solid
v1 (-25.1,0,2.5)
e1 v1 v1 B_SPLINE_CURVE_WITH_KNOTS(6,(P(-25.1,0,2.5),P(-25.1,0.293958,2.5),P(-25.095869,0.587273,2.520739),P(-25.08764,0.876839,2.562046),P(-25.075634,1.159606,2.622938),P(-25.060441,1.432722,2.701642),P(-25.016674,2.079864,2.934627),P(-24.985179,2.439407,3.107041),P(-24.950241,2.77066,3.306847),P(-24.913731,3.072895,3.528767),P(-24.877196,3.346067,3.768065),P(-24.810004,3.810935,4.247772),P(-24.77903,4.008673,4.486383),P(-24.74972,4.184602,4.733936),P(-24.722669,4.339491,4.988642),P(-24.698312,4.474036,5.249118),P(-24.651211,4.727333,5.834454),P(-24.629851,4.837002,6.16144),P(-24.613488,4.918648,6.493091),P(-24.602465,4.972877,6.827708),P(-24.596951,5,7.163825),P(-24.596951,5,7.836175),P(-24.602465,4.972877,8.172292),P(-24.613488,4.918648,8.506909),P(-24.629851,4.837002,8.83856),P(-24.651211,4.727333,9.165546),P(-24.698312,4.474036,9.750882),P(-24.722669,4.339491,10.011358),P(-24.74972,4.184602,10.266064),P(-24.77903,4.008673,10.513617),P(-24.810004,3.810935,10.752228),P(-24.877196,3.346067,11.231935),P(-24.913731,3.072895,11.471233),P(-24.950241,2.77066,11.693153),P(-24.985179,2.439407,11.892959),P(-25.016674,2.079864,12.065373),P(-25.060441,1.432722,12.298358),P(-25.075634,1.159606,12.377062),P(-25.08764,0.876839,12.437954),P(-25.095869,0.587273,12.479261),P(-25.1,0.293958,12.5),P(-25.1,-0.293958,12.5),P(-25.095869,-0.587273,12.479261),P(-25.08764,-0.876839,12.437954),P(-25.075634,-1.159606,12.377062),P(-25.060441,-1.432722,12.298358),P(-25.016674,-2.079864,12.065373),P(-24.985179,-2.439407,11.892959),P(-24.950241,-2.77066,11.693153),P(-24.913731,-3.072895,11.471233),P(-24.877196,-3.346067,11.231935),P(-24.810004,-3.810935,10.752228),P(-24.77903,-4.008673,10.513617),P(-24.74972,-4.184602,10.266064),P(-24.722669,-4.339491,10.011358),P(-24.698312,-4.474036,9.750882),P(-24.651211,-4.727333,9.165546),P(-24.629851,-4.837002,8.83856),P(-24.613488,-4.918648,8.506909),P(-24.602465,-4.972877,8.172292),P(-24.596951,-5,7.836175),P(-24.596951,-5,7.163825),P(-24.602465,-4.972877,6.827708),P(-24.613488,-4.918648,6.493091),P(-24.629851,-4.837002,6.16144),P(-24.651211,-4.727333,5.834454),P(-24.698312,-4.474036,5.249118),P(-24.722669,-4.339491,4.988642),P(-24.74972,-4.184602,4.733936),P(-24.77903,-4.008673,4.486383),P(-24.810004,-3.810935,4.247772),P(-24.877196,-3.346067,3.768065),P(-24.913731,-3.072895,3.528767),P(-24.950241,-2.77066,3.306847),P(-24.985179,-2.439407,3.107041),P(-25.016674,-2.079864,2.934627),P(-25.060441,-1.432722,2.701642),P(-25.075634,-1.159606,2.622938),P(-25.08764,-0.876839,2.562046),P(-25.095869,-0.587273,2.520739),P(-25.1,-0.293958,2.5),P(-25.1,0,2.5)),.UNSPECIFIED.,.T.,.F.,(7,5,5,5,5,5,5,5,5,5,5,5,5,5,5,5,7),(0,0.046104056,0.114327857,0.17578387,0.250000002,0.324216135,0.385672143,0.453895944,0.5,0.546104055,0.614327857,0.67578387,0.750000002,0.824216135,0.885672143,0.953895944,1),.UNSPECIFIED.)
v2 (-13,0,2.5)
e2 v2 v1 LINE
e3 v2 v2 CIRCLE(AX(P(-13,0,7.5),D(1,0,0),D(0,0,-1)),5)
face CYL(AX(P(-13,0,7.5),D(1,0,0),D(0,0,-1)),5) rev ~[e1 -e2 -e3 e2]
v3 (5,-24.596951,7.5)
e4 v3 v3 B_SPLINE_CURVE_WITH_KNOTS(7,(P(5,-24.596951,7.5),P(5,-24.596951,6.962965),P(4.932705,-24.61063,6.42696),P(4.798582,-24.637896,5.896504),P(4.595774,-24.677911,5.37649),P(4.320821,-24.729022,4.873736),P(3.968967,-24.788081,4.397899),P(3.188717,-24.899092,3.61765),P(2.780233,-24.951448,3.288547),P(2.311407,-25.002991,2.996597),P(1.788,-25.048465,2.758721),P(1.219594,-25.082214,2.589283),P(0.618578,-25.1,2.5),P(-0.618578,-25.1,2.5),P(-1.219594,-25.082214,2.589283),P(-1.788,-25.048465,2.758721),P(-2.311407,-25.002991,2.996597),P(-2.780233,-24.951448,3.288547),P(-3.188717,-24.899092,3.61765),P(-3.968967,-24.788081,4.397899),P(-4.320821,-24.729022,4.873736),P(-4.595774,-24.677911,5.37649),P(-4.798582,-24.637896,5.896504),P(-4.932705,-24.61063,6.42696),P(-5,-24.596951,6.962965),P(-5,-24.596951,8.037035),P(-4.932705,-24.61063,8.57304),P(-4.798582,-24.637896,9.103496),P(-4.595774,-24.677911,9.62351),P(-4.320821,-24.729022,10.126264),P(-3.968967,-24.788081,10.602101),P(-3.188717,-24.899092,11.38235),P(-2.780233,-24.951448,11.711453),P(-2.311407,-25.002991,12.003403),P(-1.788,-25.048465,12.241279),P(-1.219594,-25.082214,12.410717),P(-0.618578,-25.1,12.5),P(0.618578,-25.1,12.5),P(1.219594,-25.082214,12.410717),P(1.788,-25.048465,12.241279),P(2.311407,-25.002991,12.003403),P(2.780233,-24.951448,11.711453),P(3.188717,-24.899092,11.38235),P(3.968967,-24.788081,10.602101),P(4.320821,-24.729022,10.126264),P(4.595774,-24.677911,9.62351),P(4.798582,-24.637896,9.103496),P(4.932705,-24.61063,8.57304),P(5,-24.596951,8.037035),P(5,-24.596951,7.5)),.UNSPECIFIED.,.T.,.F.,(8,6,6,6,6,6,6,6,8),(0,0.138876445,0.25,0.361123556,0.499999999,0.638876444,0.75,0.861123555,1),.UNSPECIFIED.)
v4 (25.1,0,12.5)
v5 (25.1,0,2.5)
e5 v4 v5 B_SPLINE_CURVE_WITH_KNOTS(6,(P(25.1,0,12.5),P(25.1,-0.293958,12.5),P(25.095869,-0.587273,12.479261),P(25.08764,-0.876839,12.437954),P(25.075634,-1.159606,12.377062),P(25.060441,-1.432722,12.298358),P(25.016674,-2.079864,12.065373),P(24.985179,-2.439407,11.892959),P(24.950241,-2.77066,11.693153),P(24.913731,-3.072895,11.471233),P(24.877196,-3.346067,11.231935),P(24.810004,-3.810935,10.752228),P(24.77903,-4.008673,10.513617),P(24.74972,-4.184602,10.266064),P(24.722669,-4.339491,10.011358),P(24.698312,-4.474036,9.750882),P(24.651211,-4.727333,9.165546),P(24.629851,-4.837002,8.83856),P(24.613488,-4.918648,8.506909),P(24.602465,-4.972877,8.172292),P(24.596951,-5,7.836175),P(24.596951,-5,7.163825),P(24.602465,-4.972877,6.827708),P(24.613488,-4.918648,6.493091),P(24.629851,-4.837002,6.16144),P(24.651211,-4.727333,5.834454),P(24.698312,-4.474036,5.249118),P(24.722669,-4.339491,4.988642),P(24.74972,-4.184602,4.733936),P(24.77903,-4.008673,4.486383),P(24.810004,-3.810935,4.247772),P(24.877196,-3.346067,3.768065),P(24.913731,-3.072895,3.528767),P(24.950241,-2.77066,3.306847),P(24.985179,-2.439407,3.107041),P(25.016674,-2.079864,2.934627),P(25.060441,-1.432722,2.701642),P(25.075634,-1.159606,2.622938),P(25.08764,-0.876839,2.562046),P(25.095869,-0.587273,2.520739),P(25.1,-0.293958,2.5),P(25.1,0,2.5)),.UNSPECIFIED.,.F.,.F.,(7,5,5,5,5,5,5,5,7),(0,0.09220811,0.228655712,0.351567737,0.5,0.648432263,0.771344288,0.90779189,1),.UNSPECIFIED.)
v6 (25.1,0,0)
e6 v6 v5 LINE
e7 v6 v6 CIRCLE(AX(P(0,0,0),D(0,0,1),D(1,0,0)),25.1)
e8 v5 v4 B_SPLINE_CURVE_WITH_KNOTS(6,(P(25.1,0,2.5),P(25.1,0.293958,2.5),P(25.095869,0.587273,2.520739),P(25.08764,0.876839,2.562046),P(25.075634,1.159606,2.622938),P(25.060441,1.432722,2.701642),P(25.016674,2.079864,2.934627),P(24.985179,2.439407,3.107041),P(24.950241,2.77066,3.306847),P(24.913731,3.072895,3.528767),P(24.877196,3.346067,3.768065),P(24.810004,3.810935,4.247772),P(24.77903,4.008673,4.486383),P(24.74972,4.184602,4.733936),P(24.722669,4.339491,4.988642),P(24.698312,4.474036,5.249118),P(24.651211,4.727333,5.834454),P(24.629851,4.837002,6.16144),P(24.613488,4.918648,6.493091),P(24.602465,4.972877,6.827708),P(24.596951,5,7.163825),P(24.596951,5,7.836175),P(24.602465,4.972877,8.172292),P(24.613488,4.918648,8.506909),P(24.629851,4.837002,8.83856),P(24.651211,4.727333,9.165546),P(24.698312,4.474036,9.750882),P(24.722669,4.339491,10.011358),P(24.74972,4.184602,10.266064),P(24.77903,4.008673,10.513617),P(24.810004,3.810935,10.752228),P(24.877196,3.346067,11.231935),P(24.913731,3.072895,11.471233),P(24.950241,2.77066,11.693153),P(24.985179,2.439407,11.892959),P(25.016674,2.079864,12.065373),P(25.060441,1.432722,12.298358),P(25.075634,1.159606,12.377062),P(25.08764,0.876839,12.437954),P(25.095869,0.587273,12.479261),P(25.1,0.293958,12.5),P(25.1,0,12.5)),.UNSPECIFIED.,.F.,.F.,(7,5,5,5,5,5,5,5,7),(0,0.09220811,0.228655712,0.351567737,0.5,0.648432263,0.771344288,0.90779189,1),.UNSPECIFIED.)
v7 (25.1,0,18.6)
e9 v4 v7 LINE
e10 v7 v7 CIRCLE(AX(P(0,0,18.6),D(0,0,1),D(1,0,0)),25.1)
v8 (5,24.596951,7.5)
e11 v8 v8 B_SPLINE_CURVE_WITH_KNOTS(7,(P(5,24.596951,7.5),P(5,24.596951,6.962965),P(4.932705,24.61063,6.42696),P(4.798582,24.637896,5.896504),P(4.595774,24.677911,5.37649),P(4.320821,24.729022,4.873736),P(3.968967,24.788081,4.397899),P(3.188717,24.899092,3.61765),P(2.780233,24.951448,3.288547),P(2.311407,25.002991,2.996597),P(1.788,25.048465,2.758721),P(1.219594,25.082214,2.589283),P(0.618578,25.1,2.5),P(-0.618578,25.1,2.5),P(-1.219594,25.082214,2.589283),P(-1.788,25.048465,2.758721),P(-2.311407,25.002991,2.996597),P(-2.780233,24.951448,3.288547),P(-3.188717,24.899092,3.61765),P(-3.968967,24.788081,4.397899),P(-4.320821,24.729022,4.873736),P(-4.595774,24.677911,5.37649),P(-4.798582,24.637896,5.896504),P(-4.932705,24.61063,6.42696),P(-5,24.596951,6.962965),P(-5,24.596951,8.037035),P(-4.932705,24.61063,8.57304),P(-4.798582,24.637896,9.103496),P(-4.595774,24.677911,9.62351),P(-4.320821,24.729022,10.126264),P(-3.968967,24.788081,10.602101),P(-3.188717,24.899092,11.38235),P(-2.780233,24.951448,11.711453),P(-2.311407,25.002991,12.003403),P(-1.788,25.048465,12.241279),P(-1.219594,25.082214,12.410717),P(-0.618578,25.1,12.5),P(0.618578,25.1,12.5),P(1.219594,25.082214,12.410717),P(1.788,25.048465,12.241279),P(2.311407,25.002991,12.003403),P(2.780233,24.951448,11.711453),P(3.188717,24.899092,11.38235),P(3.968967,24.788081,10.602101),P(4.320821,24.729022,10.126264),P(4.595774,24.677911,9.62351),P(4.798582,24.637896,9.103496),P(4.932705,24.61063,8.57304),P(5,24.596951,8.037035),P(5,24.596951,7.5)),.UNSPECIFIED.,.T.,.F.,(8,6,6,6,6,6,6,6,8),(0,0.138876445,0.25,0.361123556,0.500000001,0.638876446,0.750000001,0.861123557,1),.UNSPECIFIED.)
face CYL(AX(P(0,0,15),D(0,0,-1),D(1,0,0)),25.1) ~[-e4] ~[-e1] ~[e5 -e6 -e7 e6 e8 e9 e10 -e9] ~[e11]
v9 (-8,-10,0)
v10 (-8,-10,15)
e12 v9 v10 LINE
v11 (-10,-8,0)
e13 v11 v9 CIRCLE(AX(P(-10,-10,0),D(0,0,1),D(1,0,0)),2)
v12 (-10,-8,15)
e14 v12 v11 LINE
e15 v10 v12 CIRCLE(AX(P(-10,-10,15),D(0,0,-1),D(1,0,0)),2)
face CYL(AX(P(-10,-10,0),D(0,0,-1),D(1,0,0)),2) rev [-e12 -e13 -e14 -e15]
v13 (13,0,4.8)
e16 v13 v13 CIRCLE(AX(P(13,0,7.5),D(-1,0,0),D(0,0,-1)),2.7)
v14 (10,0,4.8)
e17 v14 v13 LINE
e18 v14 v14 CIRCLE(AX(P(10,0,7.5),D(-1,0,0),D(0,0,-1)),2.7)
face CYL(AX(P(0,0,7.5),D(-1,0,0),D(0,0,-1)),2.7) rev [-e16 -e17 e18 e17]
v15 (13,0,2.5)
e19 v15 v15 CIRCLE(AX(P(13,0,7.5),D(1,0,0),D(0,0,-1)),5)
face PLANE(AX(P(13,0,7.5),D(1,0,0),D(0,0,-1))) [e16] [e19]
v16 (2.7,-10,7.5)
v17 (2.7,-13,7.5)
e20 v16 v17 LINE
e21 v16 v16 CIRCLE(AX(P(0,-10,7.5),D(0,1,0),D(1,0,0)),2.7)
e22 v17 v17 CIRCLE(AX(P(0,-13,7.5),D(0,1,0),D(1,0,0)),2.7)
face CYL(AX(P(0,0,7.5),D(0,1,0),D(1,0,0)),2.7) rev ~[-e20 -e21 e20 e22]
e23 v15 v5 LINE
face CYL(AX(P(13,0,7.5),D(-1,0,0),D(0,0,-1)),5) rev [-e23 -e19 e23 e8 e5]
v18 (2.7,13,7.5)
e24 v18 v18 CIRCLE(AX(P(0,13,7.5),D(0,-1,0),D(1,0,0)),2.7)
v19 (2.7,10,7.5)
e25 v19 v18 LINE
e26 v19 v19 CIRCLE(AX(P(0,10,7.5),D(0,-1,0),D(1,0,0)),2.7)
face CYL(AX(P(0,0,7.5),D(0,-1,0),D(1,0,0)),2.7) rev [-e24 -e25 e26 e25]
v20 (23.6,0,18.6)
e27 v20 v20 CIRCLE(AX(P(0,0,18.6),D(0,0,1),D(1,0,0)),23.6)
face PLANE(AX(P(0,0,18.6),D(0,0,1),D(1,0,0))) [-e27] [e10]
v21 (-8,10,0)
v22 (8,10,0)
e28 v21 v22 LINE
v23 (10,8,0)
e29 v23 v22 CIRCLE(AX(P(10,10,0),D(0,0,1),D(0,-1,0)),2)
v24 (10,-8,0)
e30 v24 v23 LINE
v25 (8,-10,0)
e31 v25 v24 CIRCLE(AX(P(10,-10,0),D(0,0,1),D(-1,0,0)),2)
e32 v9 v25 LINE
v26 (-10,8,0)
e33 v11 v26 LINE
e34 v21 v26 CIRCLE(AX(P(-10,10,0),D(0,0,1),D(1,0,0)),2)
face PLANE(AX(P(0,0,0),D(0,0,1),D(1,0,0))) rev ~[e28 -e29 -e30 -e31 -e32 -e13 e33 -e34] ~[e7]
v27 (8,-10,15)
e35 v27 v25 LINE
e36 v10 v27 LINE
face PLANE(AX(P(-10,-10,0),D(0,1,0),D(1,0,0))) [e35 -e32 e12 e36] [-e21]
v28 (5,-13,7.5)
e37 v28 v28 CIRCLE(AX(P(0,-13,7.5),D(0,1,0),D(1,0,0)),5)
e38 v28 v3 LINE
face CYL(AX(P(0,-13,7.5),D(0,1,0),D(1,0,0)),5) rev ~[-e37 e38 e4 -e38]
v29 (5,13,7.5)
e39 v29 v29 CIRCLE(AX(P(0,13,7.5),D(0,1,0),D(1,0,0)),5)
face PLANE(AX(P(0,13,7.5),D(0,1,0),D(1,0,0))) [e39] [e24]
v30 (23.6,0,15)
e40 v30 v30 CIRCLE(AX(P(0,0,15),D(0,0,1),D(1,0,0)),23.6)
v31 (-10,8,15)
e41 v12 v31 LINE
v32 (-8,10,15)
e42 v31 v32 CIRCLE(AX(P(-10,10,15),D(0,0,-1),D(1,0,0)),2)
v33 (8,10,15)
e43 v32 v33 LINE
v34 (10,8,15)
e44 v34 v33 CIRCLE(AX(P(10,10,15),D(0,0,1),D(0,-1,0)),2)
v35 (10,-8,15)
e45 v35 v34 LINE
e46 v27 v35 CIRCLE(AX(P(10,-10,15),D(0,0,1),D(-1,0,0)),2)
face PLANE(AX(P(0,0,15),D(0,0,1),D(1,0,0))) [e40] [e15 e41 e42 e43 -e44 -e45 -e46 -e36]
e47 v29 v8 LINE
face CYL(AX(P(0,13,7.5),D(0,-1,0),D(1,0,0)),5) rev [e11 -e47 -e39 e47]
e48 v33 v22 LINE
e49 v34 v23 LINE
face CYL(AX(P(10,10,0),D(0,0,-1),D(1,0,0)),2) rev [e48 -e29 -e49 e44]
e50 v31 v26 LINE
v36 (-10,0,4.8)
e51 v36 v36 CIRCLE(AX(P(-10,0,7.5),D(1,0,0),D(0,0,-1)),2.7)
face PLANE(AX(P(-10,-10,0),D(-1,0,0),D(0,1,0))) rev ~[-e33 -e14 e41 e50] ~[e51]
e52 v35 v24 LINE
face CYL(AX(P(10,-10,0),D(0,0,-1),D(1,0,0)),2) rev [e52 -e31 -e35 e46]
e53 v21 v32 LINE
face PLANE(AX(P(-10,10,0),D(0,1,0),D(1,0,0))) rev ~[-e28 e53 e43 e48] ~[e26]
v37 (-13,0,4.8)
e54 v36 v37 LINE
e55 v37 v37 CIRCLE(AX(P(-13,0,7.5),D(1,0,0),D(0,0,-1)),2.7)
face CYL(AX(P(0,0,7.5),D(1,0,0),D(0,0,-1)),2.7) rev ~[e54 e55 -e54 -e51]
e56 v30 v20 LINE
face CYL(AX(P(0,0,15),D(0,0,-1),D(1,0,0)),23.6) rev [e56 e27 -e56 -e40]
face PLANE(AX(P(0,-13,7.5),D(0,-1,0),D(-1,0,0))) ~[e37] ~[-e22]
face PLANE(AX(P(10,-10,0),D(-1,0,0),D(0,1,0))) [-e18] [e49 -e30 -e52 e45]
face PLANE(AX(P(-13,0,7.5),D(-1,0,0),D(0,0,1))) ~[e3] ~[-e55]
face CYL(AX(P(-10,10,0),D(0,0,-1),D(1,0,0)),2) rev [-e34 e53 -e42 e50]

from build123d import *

# Parameters (mm, degrees)
SKIZZE1_R                            = 25.1
SKIZZE1_W                            = 20
SKIZZE1_H                            = 20
AUFSATZ_LINEAR_AUSTRAGEN1_DEPTH      = 15
SKIZZE2_R                            = 25.1
SKIZZE2_R_2                          = 23.6
AUFSATZ_LINEAR_AUSTRAGEN2_DEPTH      = 3.6
SKIZZE3_R                            = 2
SCHNITT_LINEAR_AUSTRAGEN2_DEPTH      = 19.6
SKIZZE4_R                            = 2.7
SCHNITT_LINEAR_AUSTRAGEN3_DEPTH      = 26.1
SCHNITT_LINEAR_AUSTRAGEN3_DEPTH_BACK = 26.1
SKIZZE5_R                            = 2.7
SCHNITT_LINEAR_AUSTRAGEN4_DEPTH      = 26.1000001
SCHNITT_LINEAR_AUSTRAGEN4_DEPTH_BACK = 26.1000001
SCHNITT_LINEAR_START                 = 13
SKIZZE4_3_R                          = 5
SCHNITT_LINEAR_AUSTRAGEN5_DEPTH      = 13.1000001
SKIZZE5_3_R                          = 5
SCHNITT_LINEAR_AUSTRAGEN6_DEPTH      = 13.1000001


with BuildPart() as part:
    # Skizze1 → Aufsatz-Linear austragen1 (new body)
    with BuildSketch(Plane.XY):
        Circle(SKIZZE1_R)
        Rectangle(SKIZZE1_W, SKIZZE1_H, mode=Mode.SUBTRACT)
    extrude(amount=AUFSATZ_LINEAR_AUSTRAGEN1_DEPTH)

    # Skizze2 → Aufsatz-Linear austragen2 (add)
    with BuildSketch(Plane.XY.offset(15)):
        Circle(SKIZZE2_R)
        Circle(SKIZZE2_R_2, mode=Mode.SUBTRACT)
    extrude(amount=AUFSATZ_LINEAR_AUSTRAGEN2_DEPTH)

    # Skizze3 → Schnitt-Linear austragen2 (cut, through all)
    with BuildSketch(Plane.XY):
        with Locations((-10, 10)):
            Circle(SKIZZE3_R)
        with Locations((10, 10)):
            Circle(SKIZZE3_R)
        with Locations((10, -10)):
            Circle(SKIZZE3_R)
        with Locations((-10, -10)):
            Circle(SKIZZE3_R)
    extrude(amount=SCHNITT_LINEAR_AUSTRAGEN2_DEPTH, mode=Mode.SUBTRACT)

    # Skizze4 → Schnitt-Linear austragen3 (cut, two sides)
    with BuildSketch(Plane(origin=(0, 0, 0), x_dir=(1, 0, 0), z_dir=(0, 1, 0))) as schnitt_linear_austragen3_sk:
        with Locations((0, -7.5)):
            Circle(SKIZZE4_R)
    extrude(amount=SCHNITT_LINEAR_AUSTRAGEN3_DEPTH, mode=Mode.SUBTRACT)
    extrude(schnitt_linear_austragen3_sk.sketch, amount=-SCHNITT_LINEAR_AUSTRAGEN3_DEPTH_BACK, mode=Mode.SUBTRACT)

    # Skizze5 → Schnitt-Linear austragen4 (cut, two sides)
    with BuildSketch(Plane(origin=(0, 0, 0), x_dir=(0, 0, -1), z_dir=(1, 0, 0))) as schnitt_linear_austragen4_sk:
        with Locations((-7.5, 0)):
            Circle(SKIZZE5_R)
    extrude(amount=SCHNITT_LINEAR_AUSTRAGEN4_DEPTH, mode=Mode.SUBTRACT)
    extrude(schnitt_linear_austragen4_sk.sketch, amount=-SCHNITT_LINEAR_AUSTRAGEN4_DEPTH_BACK, mode=Mode.SUBTRACT)

    # Skizze4<3> → Schnitt-Linear austragen5 (cut, through all)
    with BuildSketch(Plane(origin=(0, 0, 0), x_dir=(1, 0, 0), z_dir=(0, 1, 0)).offset(SCHNITT_LINEAR_START)):
        with Locations((0, -7.5)):
            Circle(SKIZZE4_3_R)
    schnitt_linear_austragen5 = extrude(amount=SCHNITT_LINEAR_AUSTRAGEN5_DEPTH, mode=Mode.SUBTRACT)

    # Spiegeln1: Schnitt-Linear austragen5 across plane
    add(schnitt_linear_austragen5.mirror(Plane.ZX), mode=Mode.SUBTRACT)

    # Skizze5<3> → Schnitt-Linear austragen6 (cut, through all)
    with BuildSketch(Plane(origin=(0, 0, 0), x_dir=(0, 0, -1), z_dir=(1, 0, 0)).offset(SCHNITT_LINEAR_START)):
        with Locations((-7.5, 0)):
            Circle(SKIZZE5_3_R)
    schnitt_linear_austragen6 = extrude(amount=SCHNITT_LINEAR_AUSTRAGEN6_DEPTH, mode=Mode.SUBTRACT)

    # Spiegeln2: Schnitt-Linear austragen6 across plane
    add(schnitt_linear_austragen6.mirror(Plane(origin=(0, 0, 0), x_dir=(0, 0, 1), z_dir=(1, 0, 0))), mode=Mode.SUBTRACT)


solid = part.part
